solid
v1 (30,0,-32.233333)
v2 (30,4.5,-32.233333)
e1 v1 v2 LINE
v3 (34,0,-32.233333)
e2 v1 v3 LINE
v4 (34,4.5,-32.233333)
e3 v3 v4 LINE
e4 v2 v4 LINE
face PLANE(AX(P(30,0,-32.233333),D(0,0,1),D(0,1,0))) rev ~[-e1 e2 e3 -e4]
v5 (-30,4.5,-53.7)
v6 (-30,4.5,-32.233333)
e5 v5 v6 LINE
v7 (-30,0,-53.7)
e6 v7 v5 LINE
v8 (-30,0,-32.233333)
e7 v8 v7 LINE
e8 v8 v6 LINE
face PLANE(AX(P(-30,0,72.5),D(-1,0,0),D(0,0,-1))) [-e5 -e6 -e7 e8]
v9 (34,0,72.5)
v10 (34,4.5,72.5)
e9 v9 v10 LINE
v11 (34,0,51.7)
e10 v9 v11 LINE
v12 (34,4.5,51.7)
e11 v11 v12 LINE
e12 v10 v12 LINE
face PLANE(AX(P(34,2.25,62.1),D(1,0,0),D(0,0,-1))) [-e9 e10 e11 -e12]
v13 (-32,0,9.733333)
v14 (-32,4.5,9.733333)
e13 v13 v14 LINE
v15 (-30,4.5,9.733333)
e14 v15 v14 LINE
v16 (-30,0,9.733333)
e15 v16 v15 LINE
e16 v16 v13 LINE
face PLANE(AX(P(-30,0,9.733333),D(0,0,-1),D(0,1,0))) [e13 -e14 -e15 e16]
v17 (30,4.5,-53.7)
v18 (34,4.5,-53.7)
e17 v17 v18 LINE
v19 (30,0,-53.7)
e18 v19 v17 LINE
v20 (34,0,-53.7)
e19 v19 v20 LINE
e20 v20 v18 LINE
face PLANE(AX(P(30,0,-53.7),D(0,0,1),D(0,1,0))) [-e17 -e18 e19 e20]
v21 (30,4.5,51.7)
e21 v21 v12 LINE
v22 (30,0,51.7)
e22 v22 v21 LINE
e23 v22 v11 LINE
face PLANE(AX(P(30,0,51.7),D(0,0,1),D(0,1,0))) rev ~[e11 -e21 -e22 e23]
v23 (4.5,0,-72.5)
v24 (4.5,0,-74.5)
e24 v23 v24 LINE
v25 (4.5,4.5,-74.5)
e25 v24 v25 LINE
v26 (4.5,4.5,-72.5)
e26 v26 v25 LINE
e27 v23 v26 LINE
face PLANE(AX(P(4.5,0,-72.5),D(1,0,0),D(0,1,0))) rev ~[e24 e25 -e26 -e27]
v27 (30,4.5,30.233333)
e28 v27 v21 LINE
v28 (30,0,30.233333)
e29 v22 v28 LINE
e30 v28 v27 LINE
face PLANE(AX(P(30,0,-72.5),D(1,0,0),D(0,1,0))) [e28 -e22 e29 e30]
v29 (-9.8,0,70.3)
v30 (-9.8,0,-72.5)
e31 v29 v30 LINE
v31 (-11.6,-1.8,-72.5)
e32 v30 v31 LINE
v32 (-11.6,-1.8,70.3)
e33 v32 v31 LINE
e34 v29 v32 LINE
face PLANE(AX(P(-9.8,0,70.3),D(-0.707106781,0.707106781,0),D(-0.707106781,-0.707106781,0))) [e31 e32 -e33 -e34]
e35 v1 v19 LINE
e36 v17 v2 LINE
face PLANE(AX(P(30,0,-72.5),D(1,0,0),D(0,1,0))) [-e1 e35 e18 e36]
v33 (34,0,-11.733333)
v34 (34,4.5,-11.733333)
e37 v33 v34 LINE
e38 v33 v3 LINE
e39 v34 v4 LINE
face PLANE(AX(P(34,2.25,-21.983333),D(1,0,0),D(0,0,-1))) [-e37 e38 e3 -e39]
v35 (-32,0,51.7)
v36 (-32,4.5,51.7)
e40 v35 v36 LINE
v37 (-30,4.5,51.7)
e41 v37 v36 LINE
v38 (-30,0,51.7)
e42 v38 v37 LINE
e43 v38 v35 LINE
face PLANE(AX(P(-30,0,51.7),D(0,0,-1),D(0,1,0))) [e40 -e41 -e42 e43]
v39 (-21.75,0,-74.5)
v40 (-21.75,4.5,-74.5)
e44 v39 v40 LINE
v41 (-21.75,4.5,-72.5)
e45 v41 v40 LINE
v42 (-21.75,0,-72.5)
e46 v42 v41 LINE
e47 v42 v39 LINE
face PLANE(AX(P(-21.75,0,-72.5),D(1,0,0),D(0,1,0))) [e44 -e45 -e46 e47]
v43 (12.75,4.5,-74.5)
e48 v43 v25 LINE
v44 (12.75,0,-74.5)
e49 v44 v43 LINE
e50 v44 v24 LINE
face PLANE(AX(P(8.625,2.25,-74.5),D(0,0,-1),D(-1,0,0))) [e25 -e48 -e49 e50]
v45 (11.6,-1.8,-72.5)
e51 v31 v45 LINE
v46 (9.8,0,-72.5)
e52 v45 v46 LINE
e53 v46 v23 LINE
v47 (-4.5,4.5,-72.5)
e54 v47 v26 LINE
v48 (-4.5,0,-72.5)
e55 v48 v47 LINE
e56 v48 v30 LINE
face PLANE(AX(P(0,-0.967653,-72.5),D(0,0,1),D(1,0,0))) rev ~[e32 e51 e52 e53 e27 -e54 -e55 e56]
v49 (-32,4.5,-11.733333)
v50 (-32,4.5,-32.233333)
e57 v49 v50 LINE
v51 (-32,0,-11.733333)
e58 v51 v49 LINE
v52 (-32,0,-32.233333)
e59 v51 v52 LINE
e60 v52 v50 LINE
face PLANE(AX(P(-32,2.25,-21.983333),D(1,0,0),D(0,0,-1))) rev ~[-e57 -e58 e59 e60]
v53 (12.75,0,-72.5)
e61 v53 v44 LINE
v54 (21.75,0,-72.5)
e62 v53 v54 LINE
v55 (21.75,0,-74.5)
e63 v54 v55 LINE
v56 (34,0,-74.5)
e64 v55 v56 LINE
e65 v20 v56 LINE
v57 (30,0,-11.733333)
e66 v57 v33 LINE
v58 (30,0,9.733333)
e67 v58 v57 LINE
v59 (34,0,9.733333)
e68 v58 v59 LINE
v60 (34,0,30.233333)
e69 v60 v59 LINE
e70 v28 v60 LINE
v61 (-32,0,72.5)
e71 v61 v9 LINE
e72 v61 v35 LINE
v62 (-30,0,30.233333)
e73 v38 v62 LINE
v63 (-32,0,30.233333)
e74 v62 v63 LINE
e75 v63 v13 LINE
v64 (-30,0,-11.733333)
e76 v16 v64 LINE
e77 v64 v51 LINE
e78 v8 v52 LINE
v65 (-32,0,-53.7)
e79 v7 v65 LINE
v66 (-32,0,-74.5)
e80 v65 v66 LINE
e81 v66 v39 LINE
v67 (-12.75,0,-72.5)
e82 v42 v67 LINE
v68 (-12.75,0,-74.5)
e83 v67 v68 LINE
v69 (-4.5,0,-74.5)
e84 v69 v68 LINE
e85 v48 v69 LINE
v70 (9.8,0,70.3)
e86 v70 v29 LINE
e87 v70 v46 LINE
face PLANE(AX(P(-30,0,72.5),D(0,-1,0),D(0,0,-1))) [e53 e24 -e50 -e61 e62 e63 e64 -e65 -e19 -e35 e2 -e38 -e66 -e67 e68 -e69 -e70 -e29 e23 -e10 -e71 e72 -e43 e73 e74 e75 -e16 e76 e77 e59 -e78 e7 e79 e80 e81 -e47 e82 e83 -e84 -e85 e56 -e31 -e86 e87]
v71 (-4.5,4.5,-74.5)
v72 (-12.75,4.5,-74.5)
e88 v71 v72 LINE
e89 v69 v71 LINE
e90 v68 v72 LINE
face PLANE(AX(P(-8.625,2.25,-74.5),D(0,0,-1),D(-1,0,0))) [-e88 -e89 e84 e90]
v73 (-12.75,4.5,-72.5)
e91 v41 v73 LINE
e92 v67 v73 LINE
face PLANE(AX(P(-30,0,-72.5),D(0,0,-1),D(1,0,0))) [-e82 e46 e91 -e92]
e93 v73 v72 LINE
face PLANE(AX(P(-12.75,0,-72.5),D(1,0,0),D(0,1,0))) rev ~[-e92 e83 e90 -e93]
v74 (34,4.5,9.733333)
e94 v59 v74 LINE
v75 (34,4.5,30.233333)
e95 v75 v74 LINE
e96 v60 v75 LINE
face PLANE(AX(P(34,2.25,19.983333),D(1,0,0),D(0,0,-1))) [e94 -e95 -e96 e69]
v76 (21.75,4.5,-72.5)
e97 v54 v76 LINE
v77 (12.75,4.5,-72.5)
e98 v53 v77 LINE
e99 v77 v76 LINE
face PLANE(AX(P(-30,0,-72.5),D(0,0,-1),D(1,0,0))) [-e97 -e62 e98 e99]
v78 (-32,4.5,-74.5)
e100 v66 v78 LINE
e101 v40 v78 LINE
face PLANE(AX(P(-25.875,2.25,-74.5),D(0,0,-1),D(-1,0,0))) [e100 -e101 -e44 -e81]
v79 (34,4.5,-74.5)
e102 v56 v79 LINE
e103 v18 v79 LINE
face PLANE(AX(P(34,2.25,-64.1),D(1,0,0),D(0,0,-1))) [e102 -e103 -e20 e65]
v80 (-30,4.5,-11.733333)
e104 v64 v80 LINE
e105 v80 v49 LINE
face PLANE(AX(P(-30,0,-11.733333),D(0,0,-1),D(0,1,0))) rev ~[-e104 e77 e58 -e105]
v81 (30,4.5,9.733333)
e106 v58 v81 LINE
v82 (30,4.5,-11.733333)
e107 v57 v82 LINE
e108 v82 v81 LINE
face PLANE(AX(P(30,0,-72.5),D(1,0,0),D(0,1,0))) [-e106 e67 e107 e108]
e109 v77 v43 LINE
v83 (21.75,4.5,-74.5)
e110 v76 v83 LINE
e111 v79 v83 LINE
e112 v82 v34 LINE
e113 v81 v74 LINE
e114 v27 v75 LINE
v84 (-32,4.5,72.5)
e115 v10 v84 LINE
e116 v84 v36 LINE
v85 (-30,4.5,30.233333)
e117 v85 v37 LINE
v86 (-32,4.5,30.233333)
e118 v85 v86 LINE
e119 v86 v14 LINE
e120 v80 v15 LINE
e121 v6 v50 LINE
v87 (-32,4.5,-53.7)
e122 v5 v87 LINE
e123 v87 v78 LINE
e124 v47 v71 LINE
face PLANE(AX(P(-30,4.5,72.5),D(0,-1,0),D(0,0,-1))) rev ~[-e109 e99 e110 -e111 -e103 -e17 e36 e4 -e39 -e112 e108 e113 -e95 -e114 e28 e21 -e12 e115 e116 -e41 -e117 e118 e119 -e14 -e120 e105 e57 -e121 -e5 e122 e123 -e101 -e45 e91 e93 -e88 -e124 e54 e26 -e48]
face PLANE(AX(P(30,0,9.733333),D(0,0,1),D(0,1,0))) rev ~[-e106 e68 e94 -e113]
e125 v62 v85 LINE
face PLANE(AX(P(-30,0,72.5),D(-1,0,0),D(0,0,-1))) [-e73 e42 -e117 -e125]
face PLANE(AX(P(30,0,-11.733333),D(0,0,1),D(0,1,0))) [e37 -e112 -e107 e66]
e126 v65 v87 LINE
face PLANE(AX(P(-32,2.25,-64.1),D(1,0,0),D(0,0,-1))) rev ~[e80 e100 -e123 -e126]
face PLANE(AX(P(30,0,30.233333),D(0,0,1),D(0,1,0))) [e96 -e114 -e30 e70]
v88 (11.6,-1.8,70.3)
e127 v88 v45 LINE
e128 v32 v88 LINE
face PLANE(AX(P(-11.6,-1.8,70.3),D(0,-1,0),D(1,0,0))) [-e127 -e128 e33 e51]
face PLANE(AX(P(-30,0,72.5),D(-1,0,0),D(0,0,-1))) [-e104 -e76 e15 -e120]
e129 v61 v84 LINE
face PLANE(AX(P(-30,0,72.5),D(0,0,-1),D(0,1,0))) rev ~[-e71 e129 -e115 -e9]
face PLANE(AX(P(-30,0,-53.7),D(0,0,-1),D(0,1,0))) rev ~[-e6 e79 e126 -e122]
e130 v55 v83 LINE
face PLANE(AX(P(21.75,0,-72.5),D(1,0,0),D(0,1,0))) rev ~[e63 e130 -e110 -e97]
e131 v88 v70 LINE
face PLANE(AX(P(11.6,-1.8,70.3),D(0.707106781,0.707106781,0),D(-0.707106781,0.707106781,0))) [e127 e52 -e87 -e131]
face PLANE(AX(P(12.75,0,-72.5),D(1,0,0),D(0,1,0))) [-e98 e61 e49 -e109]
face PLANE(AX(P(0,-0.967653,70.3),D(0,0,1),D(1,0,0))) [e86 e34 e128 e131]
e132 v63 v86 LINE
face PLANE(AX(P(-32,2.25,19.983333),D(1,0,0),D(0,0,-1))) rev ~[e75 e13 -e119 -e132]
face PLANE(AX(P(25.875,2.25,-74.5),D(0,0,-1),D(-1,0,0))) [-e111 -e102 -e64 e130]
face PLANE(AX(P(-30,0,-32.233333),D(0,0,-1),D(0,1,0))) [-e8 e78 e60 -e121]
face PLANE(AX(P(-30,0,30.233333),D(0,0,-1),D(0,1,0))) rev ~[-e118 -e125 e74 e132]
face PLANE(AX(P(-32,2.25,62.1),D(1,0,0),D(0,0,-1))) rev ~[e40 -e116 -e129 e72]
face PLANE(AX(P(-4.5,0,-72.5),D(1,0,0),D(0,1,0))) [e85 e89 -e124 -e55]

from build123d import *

# Parameters (mm, degrees)
SKETCH_4_W      = 60
SKETCH_4_H      = 145
EXTRUDE_1_DEPTH = 4.5
SKETCH_5_W      = 8.25
SKETCH_5_H      = 4.5
EXTRUDE_2_DEPTH = 2
SKETCH_7_W      = 20.8
SKETCH_7_H      = 4.5
SKETCH_7_W_2    = 20.5
EXTRUDE_3_DEPTH = 4
EXTRUDE_START   = -60
SKETCH_7_2_W    = 20.8
SKETCH_7_2_H    = 4.5
SKETCH_7_2_W_2  = 20.5
EXTRUDE_4_DEPTH = 2
EXTRUDE_START_2 = -2.2
EXTRUDE_5_DEPTH = 142.8


with BuildPart() as part:
    # 草图4 → 凸台-拉伸1 (new body)
    with BuildSketch(Plane(origin=(0, 0, 0), x_dir=(1, 0, 0), z_dir=(0, 1, 0))):
        Rectangle(SKETCH_4_W, SKETCH_4_H)
    extrude(amount=EXTRUDE_1_DEPTH)

    # 草图5 → 凸台-拉伸2 (add)
    with BuildSketch(Plane(origin=(0, 0, -72.5), x_dir=(-1, 0, 0), z_dir=(0, 0, -1))):
        with Locations((-25.875, 2.25)):
            Rectangle(SKETCH_5_W, SKETCH_5_H)
        with Locations((-8.625, 2.25)):
            Rectangle(SKETCH_5_W, SKETCH_5_H)
        with Locations((8.625, 2.25)):
            Rectangle(SKETCH_5_W, SKETCH_5_H)
        with Locations((25.875, 2.25)):
            Rectangle(SKETCH_5_W, SKETCH_5_H)
    extrude(amount=EXTRUDE_2_DEPTH)

    # 草图7 → 凸台-拉伸3 (add)
    with BuildSketch(Plane(origin=(30, 0, 0), x_dir=(0, 0, -1), z_dir=(1, 0, 0))):
        with Locations((-62.1, 2.25)):
            Rectangle(SKETCH_7_W, SKETCH_7_H)
        with Locations((-19.983333333, 2.25)):
            Rectangle(SKETCH_7_W_2, SKETCH_7_H)
        with Locations((21.983333333, 2.25)):
            Rectangle(SKETCH_7_W_2, SKETCH_7_H)
        with Locations((64.1, 2.25)):
            Rectangle(SKETCH_7_W, SKETCH_7_H)
    extrude(amount=EXTRUDE_3_DEPTH)

    # 草图7<2> → 凸台-拉伸4 (add)
    with BuildSketch(Plane(origin=(30, 0, 0), x_dir=(0, 0, -1), z_dir=(1, 0, 0)).offset(EXTRUDE_START)):
        with Locations((-62.1, 2.25)):
            Rectangle(SKETCH_7_2_W, SKETCH_7_2_H)
        with Locations((-19.983333333, 2.25)):
            Rectangle(SKETCH_7_2_W_2, SKETCH_7_2_H)
        with Locations((21.983333333, 2.25)):
            Rectangle(SKETCH_7_2_W_2, SKETCH_7_2_H)
        with Locations((64.1, 2.25)):
            Rectangle(SKETCH_7_2_W, SKETCH_7_2_H)
    extrude(amount=-EXTRUDE_4_DEPTH)

    # 草图9 → 凸台-拉伸5 (add)
    with BuildSketch(Plane.XY.offset(72.5).offset(EXTRUDE_START_2)):
        Polygon((-9.8, 0), (-11.6, -1.8), (-9.8, -1.8), (9.8, -1.8), (11.6, -1.8), (9.8, 0), align=None)
    extrude(amount=-EXTRUDE_5_DEPTH)


solid = part.part
